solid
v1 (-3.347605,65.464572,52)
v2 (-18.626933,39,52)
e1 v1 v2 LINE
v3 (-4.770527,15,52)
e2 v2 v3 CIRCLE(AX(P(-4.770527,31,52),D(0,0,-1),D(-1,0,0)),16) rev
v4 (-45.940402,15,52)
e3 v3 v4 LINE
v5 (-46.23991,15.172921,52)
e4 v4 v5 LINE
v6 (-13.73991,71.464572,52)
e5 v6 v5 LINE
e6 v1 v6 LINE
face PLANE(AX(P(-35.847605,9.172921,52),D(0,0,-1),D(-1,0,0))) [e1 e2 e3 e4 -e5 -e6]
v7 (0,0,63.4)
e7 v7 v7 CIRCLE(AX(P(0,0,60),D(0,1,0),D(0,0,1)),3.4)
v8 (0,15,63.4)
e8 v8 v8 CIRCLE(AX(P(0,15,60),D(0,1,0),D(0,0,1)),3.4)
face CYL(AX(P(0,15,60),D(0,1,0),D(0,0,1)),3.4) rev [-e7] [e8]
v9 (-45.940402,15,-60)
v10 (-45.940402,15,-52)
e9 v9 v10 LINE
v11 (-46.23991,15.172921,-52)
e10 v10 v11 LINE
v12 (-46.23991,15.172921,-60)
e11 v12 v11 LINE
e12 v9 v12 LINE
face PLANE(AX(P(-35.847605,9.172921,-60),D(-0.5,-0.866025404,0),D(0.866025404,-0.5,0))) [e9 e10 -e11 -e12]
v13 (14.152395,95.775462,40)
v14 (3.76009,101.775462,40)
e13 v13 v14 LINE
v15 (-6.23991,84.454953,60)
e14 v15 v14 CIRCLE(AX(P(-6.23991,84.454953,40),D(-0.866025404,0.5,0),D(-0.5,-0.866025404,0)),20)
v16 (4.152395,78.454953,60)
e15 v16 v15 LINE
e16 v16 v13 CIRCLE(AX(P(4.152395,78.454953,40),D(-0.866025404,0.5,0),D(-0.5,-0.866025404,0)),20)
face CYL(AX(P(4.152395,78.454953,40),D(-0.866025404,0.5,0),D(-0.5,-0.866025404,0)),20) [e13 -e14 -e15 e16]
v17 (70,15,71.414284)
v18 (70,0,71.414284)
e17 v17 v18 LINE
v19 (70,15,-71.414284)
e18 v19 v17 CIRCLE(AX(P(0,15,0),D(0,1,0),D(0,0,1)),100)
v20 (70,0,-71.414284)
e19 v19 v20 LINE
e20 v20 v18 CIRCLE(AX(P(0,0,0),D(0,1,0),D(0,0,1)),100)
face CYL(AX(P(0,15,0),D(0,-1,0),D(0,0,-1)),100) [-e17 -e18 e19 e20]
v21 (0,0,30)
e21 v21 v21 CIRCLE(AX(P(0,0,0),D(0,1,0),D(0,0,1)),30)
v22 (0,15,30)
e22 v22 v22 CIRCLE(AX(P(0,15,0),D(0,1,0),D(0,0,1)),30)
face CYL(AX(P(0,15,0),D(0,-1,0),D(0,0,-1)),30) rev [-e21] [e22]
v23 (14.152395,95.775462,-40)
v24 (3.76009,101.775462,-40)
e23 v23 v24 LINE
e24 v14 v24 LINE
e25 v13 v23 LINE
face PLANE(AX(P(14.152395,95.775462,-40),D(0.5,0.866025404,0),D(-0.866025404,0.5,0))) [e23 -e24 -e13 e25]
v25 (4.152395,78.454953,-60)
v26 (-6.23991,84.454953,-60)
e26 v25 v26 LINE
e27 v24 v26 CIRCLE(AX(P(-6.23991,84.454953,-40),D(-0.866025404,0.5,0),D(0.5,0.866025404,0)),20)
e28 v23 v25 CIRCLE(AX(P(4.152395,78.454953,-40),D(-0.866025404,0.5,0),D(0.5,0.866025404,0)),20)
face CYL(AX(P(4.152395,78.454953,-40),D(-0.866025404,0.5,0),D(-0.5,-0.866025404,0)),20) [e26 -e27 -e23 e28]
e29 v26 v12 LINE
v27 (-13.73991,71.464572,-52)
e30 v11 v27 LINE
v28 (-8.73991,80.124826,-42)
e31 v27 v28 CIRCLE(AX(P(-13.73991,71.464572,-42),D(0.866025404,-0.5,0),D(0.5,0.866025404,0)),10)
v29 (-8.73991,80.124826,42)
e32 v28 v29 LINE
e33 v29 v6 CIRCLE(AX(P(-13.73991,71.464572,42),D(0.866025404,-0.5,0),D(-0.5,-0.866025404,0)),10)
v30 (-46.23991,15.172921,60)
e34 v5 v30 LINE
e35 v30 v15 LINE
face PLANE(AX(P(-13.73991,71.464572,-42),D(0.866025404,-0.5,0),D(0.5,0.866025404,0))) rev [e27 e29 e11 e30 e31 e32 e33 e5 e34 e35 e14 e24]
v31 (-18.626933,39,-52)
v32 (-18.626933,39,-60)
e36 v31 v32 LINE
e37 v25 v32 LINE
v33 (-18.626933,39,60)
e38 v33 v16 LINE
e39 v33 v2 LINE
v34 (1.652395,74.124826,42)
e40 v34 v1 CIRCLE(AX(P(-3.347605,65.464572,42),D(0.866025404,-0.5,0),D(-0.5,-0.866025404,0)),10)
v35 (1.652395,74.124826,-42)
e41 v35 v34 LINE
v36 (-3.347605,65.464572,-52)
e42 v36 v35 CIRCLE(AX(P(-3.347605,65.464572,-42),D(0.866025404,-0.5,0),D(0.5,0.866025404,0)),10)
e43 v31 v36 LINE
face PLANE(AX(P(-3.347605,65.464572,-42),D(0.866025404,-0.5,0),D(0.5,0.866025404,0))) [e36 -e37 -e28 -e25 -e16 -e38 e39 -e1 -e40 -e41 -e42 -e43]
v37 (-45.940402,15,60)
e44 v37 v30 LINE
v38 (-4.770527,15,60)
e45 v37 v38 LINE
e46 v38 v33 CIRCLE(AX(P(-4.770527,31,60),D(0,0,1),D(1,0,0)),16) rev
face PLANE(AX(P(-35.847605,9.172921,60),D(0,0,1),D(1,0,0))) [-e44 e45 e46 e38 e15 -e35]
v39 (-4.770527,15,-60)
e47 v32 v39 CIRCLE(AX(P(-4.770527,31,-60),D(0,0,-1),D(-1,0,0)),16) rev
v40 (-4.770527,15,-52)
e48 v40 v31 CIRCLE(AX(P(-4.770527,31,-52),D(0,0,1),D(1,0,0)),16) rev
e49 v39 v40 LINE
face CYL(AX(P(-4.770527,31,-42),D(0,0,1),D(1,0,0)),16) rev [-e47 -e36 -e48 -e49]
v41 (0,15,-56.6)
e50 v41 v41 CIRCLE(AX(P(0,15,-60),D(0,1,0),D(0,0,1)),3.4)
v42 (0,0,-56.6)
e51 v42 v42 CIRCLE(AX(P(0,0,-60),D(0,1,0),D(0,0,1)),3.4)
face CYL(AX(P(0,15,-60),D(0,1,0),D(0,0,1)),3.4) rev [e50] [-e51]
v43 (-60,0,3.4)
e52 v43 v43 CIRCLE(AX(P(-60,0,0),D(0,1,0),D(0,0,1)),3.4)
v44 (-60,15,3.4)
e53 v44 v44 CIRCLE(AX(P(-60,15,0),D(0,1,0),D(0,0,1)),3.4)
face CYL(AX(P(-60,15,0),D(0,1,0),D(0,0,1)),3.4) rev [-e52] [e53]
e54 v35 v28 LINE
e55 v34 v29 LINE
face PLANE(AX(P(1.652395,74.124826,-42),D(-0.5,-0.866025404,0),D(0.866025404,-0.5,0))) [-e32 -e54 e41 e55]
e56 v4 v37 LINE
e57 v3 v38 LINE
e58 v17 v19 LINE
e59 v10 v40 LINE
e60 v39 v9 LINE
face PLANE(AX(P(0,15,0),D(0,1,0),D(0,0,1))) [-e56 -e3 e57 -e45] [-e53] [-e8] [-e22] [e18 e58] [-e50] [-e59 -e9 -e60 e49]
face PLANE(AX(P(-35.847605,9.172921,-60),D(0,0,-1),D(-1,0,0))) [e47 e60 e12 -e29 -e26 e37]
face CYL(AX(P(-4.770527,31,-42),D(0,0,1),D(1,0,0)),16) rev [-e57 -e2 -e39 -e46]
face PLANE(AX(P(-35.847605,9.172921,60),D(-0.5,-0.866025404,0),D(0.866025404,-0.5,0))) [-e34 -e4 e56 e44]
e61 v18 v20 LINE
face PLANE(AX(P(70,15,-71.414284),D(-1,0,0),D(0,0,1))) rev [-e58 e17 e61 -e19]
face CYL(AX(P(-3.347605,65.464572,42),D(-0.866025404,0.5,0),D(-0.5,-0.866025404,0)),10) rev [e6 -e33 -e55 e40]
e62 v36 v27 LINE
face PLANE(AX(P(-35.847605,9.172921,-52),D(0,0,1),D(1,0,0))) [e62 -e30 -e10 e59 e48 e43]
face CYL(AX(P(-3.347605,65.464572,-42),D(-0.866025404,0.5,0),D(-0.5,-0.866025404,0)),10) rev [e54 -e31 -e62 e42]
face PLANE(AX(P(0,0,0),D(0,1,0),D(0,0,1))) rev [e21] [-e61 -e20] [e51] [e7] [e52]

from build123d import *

# Parameters (mm, degrees)
SKETCH_9_R               = 30
EXTRUDE_3_DEPTH          = 15
EXTRUDE_4_DEPTH          = 12
FILLET_2_R               = 16
HOLE_WIZARD_M8_2_D       = 6.8
HOLE_WIZARD_M8_2_DEPTH   = 15
PATTERN_CIRCULAR_2_COUNT = 4


with BuildPart() as part:
    # 草图9 → 凸台-拉伸3 (new body)
    with BuildSketch(Plane(origin=(0, 0, 0), x_dir=(1, 0, 0), z_dir=(0, 1, 0))):
        with BuildLine():
            Line((70, 71.414284285), (70, -71.414284285))
            ThreePointArc((70, -71.414284285), (-100, 0), (70, 71.414284285))
        make_face()
        with Locations(Location((0, 0, 0), (0, 0, 270))):
            Circle(SKETCH_9_R, mode=Mode.SUBTRACT)
    extrude(amount=EXTRUDE_3_DEPTH)

    # 草图11 → 凸台-拉伸4 (add)
    with BuildSketch(Plane(origin=(-41.25, 23.815698604, 0), x_dir=(0, 0, 1), z_dir=(-0.8660254037844398, 0.499999999999998, 0))):
        with BuildLine():
            Line((-60, -9.97981973), (-60, 70.02018027))
            ThreePointArc((-60, 70.02018027), (-54.142135624, 84.162315894), (-40, 90.02018027))
            Line((-40, 90.02018027), (40, 90.02018027))
            ThreePointArc((40, 90.02018027), (54.142135624, 84.162315894), (60, 70.02018027))
            Line((60, 70.02018027), (60, -9.97981973))
            Line((60, -9.97981973), (52, -9.97981973))
            Line((52, -9.97981973), (52, 55.02018027))
            ThreePointArc((52, 55.02018027), (49.071067812, 62.091248082), (42, 65.02018027))
            Line((42, 65.02018027), (-42, 65.02018027))
            ThreePointArc((-42, 65.02018027), (-49.071067812, 62.091248082), (-52, 55.02018027))
            Line((-52, 55.02018027), (-52, -9.97981973))
            Line((-52, -9.97981973), (-60, -9.97981973))
        make_face()
    extrude(amount=-EXTRUDE_4_DEPTH)

    # 圆角2
    fillet_2_edges = [part.edges().sort_by_distance(p)[0] for p in [
        (-32.483339502, 15, -56),
        (-32.483339502, 15, 56),
    ]]
    fillet(fillet_2_edges, radius=FILLET_2_R)

    # M8 螺纹孔2
    with Locations(Plane(origin=(0, 15, 0), x_dir=(1, 0, 0), z_dir=(0, 1, 0))):
        with Locations((-60, 0)):
            hole_wizard_m8_2 = Hole(HOLE_WIZARD_M8_2_D / 2, depth=HOLE_WIZARD_M8_2_DEPTH)

    # 阵列(圆周)2: M8 螺纹孔2 ×4 about axis, 1 skipped
    pattern_circular_2_axis = Axis((0, 0, 0), (0, 1, 0))
    add([hole_wizard_m8_2.rotate(pattern_circular_2_axis, i * 360 / PATTERN_CIRCULAR_2_COUNT) for i in range(1, PATTERN_CIRCULAR_2_COUNT) if i not in (2,)], mode=Mode.SUBTRACT)


solid = part.part
